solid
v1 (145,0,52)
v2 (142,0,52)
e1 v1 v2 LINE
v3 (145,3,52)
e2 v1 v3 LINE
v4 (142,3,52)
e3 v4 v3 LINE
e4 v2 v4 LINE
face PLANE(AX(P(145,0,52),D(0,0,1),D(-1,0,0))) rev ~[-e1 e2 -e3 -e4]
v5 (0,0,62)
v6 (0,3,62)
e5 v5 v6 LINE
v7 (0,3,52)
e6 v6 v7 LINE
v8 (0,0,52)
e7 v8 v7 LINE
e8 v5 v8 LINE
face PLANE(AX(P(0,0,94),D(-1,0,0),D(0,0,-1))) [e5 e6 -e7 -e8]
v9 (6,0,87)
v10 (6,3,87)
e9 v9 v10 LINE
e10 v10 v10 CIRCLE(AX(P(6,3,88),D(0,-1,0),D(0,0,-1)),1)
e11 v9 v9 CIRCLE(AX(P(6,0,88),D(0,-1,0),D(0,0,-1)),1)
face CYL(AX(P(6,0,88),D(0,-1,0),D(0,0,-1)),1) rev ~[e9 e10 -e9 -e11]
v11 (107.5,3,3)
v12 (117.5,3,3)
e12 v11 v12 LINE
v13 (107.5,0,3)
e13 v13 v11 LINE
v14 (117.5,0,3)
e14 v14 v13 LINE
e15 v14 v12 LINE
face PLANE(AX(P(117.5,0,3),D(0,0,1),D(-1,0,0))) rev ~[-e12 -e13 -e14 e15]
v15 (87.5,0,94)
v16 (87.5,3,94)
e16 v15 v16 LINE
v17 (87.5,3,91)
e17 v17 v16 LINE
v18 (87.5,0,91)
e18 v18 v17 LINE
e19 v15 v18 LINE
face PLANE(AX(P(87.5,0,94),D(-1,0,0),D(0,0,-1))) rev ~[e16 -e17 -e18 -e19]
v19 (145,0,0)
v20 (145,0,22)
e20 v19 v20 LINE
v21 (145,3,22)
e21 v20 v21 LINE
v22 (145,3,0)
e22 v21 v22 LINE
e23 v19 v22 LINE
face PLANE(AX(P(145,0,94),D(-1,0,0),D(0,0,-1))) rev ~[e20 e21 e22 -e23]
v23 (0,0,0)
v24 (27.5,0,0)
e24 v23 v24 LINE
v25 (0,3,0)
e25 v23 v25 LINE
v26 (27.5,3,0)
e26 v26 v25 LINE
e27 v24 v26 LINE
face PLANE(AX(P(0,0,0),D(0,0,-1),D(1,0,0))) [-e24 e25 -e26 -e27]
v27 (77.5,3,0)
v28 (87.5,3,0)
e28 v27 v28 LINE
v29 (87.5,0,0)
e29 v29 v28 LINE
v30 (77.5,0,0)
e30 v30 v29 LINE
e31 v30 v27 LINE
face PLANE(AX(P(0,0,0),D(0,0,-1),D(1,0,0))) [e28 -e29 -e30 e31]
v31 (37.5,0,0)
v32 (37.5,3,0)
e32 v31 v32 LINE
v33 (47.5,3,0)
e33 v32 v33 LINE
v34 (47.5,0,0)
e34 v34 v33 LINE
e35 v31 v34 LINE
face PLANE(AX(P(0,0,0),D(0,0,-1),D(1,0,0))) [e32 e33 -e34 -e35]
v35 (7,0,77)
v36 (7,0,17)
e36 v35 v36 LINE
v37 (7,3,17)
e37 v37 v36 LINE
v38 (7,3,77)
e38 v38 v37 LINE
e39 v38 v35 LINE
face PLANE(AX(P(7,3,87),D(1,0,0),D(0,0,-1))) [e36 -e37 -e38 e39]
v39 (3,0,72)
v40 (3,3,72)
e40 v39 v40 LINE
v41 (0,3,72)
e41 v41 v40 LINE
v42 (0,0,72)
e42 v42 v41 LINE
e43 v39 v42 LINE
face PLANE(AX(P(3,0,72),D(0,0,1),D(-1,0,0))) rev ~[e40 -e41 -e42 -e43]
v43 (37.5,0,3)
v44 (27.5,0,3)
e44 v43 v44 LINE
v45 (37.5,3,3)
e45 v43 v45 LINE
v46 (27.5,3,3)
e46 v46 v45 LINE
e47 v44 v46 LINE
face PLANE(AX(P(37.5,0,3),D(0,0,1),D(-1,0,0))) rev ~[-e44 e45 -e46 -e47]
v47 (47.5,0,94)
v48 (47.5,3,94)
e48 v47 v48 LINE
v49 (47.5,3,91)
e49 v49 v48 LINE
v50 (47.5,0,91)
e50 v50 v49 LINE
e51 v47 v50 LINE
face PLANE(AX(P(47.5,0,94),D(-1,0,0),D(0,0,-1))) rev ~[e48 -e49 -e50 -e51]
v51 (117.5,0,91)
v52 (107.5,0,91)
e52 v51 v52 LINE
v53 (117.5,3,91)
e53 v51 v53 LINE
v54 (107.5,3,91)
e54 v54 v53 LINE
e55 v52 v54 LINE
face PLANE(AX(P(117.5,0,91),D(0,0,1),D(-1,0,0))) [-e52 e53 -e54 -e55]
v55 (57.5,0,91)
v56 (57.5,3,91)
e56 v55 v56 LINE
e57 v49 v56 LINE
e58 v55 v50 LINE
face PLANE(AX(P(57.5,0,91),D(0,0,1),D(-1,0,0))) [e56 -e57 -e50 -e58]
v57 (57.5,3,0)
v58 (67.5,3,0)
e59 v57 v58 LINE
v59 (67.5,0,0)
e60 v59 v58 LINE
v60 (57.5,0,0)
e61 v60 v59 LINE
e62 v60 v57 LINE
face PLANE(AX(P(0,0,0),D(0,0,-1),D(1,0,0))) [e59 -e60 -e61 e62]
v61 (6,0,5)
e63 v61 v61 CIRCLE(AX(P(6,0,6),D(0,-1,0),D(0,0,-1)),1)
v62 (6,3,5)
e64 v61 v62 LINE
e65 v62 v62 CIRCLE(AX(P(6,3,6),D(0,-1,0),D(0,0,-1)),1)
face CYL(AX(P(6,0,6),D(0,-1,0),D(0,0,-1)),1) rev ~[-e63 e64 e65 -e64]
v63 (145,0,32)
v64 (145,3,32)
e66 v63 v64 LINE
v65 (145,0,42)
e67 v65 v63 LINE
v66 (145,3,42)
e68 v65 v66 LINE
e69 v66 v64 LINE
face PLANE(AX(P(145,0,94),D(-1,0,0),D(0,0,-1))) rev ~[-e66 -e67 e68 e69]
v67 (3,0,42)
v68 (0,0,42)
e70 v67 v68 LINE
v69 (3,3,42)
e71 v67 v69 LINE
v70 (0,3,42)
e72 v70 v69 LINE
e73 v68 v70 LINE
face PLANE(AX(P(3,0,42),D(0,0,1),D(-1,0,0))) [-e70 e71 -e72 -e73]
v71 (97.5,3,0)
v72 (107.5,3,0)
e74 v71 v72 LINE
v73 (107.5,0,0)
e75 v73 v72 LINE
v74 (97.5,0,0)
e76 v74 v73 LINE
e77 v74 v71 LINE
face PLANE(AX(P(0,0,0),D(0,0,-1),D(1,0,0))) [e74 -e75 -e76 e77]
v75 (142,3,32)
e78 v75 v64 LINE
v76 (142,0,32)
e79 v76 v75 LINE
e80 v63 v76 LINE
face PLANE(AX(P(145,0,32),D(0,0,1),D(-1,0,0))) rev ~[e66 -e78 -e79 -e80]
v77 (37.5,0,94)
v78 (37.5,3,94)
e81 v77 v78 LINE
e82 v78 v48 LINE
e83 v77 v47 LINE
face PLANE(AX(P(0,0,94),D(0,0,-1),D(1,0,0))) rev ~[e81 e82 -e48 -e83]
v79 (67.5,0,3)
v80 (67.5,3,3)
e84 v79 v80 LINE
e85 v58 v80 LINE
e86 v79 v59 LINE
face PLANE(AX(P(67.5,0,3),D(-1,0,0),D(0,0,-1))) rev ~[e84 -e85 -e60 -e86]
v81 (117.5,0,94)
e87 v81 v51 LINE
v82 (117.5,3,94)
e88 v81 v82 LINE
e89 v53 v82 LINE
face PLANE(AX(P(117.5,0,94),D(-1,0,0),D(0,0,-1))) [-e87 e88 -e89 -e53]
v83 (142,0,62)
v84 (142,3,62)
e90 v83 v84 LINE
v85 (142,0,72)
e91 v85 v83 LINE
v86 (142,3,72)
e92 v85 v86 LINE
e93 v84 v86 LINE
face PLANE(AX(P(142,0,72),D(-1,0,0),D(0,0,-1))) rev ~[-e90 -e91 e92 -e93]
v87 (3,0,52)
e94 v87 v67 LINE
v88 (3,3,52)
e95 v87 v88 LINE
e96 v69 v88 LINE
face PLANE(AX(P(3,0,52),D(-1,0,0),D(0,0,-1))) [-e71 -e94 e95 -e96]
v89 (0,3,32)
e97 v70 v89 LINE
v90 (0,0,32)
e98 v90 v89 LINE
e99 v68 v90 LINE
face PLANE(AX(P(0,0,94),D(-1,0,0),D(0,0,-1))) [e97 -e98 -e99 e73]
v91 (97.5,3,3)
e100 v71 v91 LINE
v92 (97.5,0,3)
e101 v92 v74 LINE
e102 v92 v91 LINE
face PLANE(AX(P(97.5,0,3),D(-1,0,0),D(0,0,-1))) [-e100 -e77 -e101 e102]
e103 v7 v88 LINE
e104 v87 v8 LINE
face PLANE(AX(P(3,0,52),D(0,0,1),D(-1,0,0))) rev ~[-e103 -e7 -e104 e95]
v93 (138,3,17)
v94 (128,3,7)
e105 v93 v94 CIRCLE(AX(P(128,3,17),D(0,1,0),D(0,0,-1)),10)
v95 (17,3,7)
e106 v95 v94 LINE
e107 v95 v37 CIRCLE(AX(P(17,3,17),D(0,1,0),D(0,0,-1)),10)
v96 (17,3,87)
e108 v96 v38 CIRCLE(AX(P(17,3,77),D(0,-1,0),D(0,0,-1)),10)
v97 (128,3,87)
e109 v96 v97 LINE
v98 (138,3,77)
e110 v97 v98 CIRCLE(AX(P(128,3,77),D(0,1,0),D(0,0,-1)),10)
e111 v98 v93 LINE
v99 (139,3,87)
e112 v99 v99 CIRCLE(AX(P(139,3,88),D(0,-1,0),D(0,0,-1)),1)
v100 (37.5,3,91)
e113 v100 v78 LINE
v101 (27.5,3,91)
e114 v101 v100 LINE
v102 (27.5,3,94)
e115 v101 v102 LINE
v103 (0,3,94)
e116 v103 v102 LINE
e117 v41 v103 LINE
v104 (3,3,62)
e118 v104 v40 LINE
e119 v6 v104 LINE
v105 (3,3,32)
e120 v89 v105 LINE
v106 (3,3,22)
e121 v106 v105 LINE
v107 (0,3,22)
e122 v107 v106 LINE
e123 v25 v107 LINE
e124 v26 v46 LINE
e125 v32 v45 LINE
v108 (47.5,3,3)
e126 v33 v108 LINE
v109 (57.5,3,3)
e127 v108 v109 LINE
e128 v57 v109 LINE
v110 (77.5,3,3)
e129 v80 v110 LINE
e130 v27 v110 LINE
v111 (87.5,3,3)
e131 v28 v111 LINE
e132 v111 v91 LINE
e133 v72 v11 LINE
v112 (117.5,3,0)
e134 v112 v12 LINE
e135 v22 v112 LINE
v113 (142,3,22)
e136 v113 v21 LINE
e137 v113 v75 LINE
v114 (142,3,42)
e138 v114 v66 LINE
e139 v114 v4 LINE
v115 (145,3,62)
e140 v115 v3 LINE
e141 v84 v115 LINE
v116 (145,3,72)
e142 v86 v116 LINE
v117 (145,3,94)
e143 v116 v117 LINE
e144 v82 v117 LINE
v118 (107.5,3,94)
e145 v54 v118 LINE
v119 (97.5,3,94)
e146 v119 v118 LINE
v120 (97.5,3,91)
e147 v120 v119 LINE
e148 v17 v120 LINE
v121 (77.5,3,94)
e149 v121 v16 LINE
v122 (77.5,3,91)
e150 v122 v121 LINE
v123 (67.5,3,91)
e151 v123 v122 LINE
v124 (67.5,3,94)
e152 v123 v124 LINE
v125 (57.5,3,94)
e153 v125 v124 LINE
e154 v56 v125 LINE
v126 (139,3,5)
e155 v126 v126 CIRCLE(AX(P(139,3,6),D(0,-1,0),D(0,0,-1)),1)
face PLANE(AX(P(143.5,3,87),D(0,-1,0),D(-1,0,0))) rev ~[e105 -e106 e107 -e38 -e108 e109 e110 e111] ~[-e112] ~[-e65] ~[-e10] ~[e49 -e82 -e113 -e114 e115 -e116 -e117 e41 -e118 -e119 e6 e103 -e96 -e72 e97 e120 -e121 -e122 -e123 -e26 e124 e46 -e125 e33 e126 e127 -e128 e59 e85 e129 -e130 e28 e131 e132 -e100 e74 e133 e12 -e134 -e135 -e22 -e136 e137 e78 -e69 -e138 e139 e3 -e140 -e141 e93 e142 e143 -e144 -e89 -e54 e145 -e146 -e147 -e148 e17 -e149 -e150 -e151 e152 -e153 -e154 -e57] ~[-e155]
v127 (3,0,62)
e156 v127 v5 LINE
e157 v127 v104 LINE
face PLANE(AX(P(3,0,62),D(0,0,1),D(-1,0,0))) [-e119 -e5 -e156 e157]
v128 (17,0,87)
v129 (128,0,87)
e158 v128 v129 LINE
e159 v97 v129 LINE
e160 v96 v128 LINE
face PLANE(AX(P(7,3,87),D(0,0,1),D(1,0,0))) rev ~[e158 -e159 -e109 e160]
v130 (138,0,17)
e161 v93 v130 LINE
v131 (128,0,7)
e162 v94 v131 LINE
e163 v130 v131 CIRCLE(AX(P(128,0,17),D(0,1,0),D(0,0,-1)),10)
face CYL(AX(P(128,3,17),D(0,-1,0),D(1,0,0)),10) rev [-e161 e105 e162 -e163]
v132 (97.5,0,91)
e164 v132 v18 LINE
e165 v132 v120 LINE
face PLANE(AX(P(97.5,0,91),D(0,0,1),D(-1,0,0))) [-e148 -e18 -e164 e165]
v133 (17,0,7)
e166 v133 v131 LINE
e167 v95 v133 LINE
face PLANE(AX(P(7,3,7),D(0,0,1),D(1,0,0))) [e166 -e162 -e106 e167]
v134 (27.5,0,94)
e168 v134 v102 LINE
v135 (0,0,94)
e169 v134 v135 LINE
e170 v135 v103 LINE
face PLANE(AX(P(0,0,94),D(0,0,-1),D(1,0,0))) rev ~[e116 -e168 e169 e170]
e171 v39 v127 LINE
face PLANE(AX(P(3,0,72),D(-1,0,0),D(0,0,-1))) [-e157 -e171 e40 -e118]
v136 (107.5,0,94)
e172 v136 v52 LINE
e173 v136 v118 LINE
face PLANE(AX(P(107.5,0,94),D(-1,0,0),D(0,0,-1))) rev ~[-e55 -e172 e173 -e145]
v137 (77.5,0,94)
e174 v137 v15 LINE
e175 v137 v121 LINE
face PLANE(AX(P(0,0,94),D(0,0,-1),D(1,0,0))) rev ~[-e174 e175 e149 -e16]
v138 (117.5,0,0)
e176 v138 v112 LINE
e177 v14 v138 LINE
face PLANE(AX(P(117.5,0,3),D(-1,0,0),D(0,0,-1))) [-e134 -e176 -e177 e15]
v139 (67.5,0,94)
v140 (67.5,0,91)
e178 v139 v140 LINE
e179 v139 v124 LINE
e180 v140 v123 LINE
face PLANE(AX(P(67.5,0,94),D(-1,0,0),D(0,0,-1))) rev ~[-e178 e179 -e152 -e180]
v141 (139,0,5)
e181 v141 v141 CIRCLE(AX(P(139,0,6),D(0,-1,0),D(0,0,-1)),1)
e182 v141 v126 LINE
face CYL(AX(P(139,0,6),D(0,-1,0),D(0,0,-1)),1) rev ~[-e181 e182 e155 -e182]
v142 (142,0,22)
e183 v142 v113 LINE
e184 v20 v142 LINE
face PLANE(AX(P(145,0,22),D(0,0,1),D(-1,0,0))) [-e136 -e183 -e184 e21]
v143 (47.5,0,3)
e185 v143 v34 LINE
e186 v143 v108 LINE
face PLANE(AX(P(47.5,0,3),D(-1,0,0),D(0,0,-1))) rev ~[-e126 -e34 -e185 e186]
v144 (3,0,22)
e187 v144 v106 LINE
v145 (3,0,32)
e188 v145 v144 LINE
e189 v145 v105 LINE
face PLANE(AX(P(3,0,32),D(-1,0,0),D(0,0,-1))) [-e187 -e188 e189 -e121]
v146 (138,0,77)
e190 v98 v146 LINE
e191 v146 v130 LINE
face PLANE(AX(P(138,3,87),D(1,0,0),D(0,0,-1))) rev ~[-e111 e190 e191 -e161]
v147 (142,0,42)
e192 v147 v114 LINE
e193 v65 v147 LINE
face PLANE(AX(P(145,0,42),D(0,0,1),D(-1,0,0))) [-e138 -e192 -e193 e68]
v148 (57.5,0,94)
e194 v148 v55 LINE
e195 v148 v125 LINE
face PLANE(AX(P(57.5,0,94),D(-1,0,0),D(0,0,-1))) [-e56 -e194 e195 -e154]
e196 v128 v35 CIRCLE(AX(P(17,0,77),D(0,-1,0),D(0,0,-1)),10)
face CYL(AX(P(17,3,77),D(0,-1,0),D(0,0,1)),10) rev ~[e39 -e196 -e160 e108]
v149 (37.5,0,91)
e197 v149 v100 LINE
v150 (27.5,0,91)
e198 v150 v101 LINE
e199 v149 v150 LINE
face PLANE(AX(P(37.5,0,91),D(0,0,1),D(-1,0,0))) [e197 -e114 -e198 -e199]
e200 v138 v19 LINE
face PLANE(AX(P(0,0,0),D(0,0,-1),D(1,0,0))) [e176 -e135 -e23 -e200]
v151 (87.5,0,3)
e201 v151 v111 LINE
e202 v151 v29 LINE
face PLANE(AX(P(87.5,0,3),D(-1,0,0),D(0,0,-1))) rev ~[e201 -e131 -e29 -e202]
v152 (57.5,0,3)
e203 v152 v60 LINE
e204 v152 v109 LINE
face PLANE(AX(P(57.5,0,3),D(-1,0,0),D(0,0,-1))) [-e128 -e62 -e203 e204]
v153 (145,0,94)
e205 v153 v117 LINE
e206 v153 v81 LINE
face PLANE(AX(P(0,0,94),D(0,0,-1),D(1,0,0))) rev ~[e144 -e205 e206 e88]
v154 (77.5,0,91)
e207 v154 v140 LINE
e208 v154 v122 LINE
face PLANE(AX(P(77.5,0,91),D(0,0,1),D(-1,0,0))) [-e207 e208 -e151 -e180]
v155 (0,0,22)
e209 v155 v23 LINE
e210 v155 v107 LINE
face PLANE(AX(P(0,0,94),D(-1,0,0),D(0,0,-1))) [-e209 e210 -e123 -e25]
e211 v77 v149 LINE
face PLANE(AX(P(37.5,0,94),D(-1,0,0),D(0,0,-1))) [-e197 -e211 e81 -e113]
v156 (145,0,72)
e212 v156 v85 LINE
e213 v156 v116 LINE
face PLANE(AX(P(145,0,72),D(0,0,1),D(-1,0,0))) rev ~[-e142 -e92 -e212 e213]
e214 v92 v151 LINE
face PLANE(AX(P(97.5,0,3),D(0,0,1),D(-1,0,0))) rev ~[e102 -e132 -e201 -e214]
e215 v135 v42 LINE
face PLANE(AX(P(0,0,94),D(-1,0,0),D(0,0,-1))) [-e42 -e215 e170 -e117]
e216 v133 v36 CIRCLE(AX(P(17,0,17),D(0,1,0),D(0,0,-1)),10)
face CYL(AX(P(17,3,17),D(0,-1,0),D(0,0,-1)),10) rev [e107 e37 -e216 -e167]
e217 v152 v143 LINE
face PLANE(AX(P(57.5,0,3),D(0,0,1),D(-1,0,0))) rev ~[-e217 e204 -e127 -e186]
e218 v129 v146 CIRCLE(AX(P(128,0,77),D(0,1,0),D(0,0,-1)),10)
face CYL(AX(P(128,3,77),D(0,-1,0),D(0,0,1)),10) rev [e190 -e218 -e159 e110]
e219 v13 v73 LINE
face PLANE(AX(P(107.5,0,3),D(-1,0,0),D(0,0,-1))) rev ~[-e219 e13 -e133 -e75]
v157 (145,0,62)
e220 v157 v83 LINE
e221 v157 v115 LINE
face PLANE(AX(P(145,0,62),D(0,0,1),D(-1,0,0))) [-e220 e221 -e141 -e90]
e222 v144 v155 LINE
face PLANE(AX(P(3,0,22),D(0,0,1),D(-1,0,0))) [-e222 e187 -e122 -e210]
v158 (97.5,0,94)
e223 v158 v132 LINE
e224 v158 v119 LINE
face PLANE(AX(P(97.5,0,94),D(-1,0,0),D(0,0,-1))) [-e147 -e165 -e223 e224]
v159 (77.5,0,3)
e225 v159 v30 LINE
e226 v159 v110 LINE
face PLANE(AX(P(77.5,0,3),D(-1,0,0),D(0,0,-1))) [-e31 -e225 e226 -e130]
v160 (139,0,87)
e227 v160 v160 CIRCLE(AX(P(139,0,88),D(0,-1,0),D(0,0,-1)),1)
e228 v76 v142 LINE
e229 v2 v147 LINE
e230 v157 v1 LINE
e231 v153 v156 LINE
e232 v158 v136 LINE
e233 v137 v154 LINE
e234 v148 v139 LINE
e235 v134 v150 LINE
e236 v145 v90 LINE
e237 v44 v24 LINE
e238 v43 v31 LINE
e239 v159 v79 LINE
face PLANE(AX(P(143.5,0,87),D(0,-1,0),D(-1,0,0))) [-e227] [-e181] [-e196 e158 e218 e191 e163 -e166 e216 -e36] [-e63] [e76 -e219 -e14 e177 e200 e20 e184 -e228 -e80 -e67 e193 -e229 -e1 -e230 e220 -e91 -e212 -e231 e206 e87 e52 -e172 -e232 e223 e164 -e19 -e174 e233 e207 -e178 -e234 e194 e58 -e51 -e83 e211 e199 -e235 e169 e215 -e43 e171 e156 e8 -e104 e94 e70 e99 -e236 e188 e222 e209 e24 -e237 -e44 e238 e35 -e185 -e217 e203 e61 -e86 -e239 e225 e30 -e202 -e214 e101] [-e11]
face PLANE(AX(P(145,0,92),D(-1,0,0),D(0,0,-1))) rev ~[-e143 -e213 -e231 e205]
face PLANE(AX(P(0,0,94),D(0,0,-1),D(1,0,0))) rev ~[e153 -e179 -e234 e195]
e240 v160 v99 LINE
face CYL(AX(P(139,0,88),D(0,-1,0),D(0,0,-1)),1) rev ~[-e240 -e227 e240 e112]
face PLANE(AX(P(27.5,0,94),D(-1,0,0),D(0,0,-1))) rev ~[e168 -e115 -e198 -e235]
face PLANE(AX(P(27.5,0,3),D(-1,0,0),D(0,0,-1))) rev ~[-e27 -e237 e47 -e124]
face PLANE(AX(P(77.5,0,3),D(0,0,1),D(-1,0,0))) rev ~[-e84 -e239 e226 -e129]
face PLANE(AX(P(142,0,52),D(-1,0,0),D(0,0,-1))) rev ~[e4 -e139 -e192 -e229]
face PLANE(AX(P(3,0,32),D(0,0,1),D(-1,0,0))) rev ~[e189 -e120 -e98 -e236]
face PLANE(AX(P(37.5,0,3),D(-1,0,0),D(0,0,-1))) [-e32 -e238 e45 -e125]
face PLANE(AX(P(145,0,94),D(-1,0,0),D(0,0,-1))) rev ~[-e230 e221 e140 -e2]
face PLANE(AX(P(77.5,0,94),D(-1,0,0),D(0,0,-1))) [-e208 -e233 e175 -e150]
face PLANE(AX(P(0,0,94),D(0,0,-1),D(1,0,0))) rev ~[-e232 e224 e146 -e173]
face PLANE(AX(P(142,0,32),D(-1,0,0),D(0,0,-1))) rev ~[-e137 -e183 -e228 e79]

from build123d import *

# Parameters (mm, degrees)
SKETCH1_W           = 145
SKETCH1_H           = 94
BOSS_EXTRUDE1_DEPTH = 3
SKETCH2_W           = 131
SKETCH2_H           = 80
CUT_EXTRUDE1_DEPTH  = 173.829395648
FILLET1_R           = 10
SKETCH3_R           = 1
CUT_EXTRUDE2_DEPTH  = 173.829395648
SKETCH8_W           = 10
SKETCH8_H           = 3
CUT_EXTRUDE5_DEPTH  = 173.829395648
LPATTERN3_COUNT     = 4
LPATTERN3_PITCH     = 20
LPATTERN3_COL_COUNT = 4
LPATTERN3_COL_PITCH = 20
SKETCH9_W           = 3
SKETCH9_H           = 10
CUT_EXTRUDE6_DEPTH  = 173.829395648
LPATTERN4_COUNT     = 3
LPATTERN4_PITCH     = 20
LPATTERN4_COL_COUNT = 3
LPATTERN4_COL_PITCH = 20
SKETCH11_W          = 3
SKETCH11_H          = 10
SKETCH11_W_2        = 10
SKETCH11_H_2        = 3
BOSS_EXTRUDE4_DEPTH = 3


with BuildPart() as part:
    # Sketch1 → Boss-Extrude1 (new body)
    with BuildSketch(Plane(origin=(0, 0, 0), x_dir=(1, 0, 0), z_dir=(0, 1, 0))):
        with Locations((72.5, -47)):
            Rectangle(SKETCH1_W, SKETCH1_H)
    extrude(amount=BOSS_EXTRUDE1_DEPTH)

    # Sketch2 → Cut-Extrude1 (cut, through all)
    with BuildSketch(Plane(origin=(0, 3, 0), x_dir=(1, 0, 0), z_dir=(0, 1, 0))):
        with Locations((72.5, -47)):
            Rectangle(SKETCH2_W, SKETCH2_H)
    extrude(amount=-CUT_EXTRUDE1_DEPTH, mode=Mode.SUBTRACT)

    # Fillet1
    fillet1_edges = [part.edges().sort_by_distance(p)[0] for p in [
        (7, 1.5, 87),
        (7, 1.5, 7),
        (138, 1.5, 7),
        (138, 1.5, 87),
    ]]
    fillet(fillet1_edges, radius=FILLET1_R)

    # Sketch3 → Cut-Extrude2 (cut, through all)
    with BuildSketch(Plane.XZ):
        with Locations(Location((6, 88, 0), (0, 0, 270))):
            Circle(SKETCH3_R)
        with Locations(Location((139, 88, 0), (0, 0, 270))):
            Circle(SKETCH3_R)
        with Locations(Location((139, 6, 0), (0, 0, 270))):
            Circle(SKETCH3_R)
        with Locations(Location((6, 6, 0), (0, 0, 270))):
            Circle(SKETCH3_R)
    extrude(amount=-CUT_EXTRUDE2_DEPTH, mode=Mode.SUBTRACT)

    # Sketch8 → Cut-Extrude5 (cut, through all)
    with BuildSketch(Plane(origin=(0, 0, 0), x_dir=(-1, 0, 0), z_dir=(0, -1, 0))):
        with Locations((-72.5, -92.5)):
            Rectangle(SKETCH8_W, SKETCH8_H)
        with Locations((-72.5, -1.5)):
            Rectangle(SKETCH8_W, SKETCH8_H)
    cut_extrude5 = extrude(amount=-CUT_EXTRUDE5_DEPTH, mode=Mode.SUBTRACT)

    # LPattern3: Cut-Extrude5 ×4
    with Locations(*[(i * LPATTERN3_PITCH, 0, 0) for i in range(1, LPATTERN3_COUNT)]):
        add(cut_extrude5, mode=Mode.SUBTRACT)

    # LPattern3 col: Cut-Extrude5 ×4
    with Locations(*[(-i * LPATTERN3_COL_PITCH, 0, 0) for i in range(1, LPATTERN3_COL_COUNT)]):
        add(cut_extrude5, mode=Mode.SUBTRACT)

    # Sketch9 → Cut-Extrude6 (cut, through all)
    with BuildSketch(Plane(origin=(0, 0, 0), x_dir=(-1, 0, 0), z_dir=(0, -1, 0))):
        with Locations((-1.5, -47)):
            Rectangle(SKETCH9_W, SKETCH9_H)
        with Locations((-143.5, -47)):
            Rectangle(SKETCH9_W, SKETCH9_H)
    cut_extrude6 = extrude(amount=-CUT_EXTRUDE6_DEPTH, mode=Mode.SUBTRACT)

    # LPattern4: Cut-Extrude6 ×3
    with Locations(*[(0, 0, i * LPATTERN4_PITCH) for i in range(1, LPATTERN4_COUNT)]):
        add(cut_extrude6, mode=Mode.SUBTRACT)

    # LPattern4 col: Cut-Extrude6 ×3
    with Locations(*[(0, 0, -i * LPATTERN4_COL_PITCH) for i in range(1, LPATTERN4_COL_COUNT)]):
        add(cut_extrude6, mode=Mode.SUBTRACT)

    # Sketch11 → Boss-Extrude4 (add, through all)
    with BuildSketch(Plane(origin=(0, 0, 0), x_dir=(-1, 0, 0), z_dir=(0, -1, 0))):
        with Locations((-143.5, -87)):
            Rectangle(SKETCH11_W, SKETCH11_H)
        with Locations((-132.5, -92.5)):
            Rectangle(SKETCH11_W_2, SKETCH11_H_2)
        with Locations((-132.5, -1.5)):
            Rectangle(SKETCH11_W_2, SKETCH11_H_2)
        with Locations((-143.5, -7)):
            Rectangle(SKETCH11_W, SKETCH11_H)
        with Locations((-1.5, -7)):
            Rectangle(SKETCH11_W, SKETCH11_H)
        with Locations((-12.5, -1.5)):
            Rectangle(SKETCH11_W_2, SKETCH11_H_2)
        with Locations((-1.5, -87)):
            Rectangle(SKETCH11_W, SKETCH11_H)
        with Locations((-12.5, -92.5)):
            Rectangle(SKETCH11_W_2, SKETCH11_H_2)
    extrude(amount=-BOSS_EXTRUDE4_DEPTH)


solid = part.part
